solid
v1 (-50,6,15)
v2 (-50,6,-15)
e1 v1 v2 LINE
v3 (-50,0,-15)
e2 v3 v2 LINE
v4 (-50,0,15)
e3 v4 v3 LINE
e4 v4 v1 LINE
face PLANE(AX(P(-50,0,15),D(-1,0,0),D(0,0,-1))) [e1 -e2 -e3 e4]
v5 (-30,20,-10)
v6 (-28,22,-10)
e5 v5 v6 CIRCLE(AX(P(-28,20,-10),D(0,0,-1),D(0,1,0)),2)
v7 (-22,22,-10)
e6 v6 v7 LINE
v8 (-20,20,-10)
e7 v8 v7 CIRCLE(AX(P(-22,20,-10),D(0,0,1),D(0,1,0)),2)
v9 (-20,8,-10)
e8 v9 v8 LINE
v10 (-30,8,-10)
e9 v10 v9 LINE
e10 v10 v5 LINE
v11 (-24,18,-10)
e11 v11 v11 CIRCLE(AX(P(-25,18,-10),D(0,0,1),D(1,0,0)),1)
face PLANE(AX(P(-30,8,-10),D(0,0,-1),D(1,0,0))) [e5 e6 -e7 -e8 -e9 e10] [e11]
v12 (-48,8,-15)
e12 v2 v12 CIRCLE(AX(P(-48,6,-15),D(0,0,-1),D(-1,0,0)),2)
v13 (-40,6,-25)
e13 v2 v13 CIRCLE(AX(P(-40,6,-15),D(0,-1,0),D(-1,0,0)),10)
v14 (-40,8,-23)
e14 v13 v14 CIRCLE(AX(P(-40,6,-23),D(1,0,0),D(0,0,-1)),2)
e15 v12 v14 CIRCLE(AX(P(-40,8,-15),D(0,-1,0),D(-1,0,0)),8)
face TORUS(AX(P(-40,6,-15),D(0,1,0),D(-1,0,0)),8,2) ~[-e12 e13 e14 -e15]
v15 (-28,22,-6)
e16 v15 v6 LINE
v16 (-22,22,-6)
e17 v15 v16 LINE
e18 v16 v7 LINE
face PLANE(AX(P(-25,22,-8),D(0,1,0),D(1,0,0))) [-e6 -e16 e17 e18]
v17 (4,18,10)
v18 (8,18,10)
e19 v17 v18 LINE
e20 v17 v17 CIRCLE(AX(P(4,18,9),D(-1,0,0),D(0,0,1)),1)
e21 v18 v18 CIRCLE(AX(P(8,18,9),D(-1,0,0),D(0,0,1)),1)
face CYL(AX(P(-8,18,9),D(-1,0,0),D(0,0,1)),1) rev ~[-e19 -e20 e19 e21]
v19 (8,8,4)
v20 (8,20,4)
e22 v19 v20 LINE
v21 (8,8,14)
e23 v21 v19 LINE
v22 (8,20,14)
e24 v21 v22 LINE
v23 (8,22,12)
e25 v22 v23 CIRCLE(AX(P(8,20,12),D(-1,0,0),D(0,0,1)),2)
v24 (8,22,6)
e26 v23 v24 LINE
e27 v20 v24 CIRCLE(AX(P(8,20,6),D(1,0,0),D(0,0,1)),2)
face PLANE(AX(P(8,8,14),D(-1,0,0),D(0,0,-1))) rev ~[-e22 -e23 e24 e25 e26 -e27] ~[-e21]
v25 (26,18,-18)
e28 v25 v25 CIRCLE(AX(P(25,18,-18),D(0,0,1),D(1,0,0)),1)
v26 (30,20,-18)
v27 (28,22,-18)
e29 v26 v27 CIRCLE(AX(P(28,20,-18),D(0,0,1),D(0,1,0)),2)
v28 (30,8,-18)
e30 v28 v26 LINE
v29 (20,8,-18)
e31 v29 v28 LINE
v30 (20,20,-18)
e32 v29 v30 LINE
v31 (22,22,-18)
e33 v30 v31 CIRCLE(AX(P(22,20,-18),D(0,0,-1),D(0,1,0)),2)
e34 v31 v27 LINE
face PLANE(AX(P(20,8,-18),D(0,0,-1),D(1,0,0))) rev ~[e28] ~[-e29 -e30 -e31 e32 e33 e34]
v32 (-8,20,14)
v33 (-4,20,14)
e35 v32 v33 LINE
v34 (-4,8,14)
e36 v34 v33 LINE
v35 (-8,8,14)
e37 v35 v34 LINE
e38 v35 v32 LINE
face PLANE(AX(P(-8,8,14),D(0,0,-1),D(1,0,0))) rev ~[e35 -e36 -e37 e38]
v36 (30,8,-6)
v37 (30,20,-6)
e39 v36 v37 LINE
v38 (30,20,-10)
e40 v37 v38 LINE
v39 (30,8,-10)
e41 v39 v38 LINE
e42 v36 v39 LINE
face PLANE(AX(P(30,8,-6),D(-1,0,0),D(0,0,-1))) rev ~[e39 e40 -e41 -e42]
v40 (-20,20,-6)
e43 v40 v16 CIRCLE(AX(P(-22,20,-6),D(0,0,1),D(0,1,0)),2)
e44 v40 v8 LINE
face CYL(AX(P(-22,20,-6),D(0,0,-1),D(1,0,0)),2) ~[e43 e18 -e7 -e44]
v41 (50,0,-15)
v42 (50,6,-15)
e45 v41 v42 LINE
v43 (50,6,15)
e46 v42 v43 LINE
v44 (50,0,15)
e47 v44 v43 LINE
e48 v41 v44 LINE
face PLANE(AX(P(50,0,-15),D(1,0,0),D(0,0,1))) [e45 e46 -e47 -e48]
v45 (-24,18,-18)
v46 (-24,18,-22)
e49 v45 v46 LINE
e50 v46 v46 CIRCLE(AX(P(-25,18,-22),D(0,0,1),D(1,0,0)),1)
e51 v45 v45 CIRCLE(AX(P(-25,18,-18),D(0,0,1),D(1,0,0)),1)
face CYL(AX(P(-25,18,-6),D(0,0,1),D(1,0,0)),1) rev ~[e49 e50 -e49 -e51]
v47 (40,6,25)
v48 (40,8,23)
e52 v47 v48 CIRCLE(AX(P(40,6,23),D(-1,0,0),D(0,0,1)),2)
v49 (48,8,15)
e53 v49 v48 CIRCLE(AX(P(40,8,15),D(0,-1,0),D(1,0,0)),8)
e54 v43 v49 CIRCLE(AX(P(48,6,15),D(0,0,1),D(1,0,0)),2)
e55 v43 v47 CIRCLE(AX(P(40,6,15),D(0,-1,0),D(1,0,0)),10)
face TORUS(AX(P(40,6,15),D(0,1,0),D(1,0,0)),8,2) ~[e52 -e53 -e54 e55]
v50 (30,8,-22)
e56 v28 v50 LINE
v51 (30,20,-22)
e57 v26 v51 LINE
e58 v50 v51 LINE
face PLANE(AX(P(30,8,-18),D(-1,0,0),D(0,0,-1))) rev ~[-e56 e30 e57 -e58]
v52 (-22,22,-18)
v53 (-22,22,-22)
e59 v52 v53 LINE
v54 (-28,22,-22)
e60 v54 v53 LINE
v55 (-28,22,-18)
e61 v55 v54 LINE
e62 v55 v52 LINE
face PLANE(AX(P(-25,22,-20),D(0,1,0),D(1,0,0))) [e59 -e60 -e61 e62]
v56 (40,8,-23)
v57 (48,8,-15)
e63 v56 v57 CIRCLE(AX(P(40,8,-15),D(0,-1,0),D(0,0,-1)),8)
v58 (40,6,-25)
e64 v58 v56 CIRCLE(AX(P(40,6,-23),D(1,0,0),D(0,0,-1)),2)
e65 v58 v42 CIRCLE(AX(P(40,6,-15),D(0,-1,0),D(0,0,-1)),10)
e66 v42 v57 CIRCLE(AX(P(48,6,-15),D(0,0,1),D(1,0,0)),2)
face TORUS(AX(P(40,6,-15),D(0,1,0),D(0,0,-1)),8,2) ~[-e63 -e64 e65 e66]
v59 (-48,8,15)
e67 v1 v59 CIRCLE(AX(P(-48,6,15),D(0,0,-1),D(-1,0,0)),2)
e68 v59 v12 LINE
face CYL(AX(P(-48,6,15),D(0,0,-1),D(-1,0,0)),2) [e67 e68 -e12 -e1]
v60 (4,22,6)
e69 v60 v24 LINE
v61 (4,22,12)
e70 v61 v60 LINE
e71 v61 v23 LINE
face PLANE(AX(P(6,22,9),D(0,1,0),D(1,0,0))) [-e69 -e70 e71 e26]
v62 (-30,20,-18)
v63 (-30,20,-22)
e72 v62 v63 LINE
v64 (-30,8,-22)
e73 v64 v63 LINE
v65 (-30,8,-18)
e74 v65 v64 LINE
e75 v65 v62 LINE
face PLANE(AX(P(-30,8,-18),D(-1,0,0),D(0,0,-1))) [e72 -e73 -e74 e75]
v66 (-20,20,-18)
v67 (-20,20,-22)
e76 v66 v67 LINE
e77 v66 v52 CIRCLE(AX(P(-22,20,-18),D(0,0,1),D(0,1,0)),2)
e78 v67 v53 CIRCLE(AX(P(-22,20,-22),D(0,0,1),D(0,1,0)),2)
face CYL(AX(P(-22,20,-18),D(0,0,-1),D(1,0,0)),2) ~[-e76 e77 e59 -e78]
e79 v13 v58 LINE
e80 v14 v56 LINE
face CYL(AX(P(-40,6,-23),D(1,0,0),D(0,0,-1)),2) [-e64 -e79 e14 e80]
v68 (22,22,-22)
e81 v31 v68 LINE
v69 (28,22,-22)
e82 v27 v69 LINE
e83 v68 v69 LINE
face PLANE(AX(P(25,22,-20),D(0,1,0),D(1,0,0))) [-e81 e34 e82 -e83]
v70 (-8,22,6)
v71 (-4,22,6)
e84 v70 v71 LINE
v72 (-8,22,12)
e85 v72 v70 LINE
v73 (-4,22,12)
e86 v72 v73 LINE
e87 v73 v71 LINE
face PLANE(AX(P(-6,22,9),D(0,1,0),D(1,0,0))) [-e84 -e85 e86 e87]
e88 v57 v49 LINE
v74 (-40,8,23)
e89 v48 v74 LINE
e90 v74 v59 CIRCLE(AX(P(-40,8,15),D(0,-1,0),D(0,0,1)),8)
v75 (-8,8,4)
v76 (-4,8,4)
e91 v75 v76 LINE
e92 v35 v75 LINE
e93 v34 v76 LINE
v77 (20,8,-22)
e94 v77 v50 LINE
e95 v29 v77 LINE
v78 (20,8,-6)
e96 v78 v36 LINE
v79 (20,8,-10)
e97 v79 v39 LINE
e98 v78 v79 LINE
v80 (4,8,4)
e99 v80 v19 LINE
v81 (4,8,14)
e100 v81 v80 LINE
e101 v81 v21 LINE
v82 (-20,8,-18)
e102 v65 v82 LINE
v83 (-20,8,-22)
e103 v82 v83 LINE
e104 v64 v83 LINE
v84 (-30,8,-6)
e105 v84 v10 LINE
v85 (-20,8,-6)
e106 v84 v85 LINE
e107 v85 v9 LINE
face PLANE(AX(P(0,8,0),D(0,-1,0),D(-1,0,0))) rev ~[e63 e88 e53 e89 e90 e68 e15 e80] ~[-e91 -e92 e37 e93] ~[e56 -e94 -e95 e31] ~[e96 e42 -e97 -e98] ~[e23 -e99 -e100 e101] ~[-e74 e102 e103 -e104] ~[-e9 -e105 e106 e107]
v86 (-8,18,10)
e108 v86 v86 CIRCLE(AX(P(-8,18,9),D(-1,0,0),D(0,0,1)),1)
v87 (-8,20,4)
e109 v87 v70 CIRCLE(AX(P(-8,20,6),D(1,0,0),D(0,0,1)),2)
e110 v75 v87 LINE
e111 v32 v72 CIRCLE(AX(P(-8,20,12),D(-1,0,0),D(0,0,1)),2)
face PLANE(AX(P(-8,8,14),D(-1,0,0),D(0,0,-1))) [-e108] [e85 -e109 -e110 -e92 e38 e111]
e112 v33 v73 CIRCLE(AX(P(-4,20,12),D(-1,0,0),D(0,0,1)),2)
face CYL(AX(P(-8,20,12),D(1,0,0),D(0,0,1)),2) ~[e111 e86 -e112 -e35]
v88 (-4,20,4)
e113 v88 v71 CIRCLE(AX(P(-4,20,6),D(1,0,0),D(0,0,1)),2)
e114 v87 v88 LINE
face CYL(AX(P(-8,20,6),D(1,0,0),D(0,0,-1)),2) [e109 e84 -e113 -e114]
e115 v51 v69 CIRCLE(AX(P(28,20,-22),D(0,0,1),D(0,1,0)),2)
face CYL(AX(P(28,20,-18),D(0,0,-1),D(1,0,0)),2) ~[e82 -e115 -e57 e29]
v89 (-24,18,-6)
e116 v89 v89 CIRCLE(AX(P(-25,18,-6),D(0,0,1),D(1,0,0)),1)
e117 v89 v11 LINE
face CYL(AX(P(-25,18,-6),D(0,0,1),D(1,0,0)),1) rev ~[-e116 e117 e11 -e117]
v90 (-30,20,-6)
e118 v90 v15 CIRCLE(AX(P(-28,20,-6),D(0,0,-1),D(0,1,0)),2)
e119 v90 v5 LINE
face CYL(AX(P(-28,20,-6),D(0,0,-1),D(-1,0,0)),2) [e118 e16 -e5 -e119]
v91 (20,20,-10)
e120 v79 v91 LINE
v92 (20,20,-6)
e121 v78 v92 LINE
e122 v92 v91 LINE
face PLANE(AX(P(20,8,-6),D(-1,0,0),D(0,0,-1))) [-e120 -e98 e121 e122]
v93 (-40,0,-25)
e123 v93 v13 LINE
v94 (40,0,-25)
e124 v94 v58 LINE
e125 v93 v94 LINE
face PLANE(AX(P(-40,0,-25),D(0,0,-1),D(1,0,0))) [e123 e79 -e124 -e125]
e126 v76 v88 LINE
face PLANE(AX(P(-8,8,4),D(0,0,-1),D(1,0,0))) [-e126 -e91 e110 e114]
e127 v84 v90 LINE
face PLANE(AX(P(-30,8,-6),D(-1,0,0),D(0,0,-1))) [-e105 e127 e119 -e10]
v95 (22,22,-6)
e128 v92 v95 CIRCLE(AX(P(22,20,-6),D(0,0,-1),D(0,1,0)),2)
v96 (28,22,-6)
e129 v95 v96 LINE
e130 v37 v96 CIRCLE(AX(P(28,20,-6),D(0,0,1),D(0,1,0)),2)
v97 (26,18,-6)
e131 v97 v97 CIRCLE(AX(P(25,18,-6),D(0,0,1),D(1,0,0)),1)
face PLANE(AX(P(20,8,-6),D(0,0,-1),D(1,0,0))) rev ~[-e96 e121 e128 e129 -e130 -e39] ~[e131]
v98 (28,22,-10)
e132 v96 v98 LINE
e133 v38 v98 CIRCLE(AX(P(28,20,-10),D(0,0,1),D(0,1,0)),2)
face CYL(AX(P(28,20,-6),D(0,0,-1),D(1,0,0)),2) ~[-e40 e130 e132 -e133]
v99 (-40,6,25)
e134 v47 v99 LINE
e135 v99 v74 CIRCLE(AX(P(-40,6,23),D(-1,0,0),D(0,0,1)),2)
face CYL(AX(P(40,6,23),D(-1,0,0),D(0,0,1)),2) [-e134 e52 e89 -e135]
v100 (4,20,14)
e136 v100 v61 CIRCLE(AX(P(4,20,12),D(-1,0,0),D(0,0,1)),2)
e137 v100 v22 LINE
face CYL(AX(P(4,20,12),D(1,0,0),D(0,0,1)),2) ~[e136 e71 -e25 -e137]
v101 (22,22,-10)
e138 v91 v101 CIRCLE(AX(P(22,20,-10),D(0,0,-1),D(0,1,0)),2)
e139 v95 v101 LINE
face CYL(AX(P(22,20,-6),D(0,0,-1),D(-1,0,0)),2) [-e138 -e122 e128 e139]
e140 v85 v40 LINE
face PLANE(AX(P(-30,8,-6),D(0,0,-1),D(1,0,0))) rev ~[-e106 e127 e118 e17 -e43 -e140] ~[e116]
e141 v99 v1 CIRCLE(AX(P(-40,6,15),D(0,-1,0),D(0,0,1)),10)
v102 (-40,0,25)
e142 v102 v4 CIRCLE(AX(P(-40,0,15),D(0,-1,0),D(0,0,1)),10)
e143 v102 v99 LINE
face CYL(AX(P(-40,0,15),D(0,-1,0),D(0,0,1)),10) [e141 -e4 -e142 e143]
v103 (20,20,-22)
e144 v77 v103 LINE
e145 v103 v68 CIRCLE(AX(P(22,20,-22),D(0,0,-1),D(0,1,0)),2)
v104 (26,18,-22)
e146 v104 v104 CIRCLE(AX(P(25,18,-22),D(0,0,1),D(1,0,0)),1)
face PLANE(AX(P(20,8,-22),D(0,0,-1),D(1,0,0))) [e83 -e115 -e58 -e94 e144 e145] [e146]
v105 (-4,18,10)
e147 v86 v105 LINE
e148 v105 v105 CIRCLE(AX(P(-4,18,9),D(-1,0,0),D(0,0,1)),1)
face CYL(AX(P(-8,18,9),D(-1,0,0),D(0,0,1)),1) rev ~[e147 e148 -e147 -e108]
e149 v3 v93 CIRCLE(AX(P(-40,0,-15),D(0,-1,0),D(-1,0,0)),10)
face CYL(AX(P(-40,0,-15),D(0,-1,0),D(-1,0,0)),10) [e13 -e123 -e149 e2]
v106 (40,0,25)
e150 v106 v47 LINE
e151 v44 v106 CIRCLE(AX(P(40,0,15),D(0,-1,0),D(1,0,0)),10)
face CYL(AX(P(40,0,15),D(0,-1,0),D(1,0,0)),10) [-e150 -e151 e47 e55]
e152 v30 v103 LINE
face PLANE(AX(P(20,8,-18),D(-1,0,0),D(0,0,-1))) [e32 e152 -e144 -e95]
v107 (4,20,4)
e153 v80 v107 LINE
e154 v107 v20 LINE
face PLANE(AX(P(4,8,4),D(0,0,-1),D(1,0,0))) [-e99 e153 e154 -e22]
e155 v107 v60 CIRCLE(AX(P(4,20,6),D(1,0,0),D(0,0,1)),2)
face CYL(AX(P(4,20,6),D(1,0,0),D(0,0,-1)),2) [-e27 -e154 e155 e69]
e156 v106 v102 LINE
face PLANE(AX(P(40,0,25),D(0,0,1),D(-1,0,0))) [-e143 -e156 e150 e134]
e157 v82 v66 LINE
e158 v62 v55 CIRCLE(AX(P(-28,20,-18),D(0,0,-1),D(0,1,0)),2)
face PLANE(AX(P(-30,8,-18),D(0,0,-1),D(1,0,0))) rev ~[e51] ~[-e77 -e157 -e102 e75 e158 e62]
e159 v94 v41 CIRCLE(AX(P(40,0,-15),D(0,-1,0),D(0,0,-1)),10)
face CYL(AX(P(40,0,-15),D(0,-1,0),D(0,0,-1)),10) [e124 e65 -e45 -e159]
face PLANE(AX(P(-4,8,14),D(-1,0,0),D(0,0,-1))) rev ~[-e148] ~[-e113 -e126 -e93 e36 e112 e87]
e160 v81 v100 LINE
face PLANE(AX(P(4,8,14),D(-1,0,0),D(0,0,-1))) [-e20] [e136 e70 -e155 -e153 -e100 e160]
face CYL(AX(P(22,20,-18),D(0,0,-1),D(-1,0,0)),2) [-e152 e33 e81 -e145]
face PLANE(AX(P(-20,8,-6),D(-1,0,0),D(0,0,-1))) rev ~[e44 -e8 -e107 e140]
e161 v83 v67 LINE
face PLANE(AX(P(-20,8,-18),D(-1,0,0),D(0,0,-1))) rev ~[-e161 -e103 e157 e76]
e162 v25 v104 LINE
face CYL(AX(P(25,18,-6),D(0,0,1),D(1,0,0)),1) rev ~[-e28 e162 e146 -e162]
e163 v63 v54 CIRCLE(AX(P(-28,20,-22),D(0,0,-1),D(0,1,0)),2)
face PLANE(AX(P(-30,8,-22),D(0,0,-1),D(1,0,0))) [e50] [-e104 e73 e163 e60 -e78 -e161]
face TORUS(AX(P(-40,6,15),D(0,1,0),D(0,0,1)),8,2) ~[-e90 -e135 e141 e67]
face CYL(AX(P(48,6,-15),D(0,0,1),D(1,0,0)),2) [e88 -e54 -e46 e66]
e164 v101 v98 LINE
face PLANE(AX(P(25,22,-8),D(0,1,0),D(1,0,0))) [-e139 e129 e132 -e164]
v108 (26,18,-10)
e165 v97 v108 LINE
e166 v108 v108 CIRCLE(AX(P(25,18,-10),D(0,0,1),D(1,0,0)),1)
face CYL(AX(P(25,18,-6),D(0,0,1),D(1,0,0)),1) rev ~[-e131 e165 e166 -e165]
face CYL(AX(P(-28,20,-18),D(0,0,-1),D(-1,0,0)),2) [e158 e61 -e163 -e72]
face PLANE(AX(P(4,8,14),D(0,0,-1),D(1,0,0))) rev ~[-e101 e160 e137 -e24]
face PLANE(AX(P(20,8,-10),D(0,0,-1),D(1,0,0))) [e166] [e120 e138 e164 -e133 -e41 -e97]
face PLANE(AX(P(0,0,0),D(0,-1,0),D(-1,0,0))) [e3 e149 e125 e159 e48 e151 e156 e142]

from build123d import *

# Parameters (mm, degrees)
BOSS_EXTRUDE1_DEPTH = 8
SKETCH4_W           = 10
SKETCH4_H           = 4
SKETCH4_W_2         = 4
SKETCH4_H_2         = 10
BOSS_EXTRUDE2_DEPTH = 14
SKETCH5_R           = 1
CUT_EXTRUDE1_DEPTH  = 16
SKETCH6_R           = 1
CUT_EXTRUDE2_DEPTH  = 16
FILLET1_R           = 2


with BuildPart() as part:
    # Sketch3 → Boss-Extrude1 (new body)
    with BuildSketch(Plane(origin=(0, 0, 0), x_dir=(1, 0, 0), z_dir=(0, 1, 0))):
        with BuildLine():
            Line((-40, 25), (40, 25))
            ThreePointArc((40, 25), (47.071067812, 22.071067812), (50, 15))
            Line((50, 15), (50, -15))
            ThreePointArc((50, -15), (47.071067812, -22.071067812), (40, -25))
            Line((40, -25), (-40, -25))
            ThreePointArc((-40, -25), (-47.071067812, -22.071067812), (-50, -15))
            Line((-50, -15), (-50, 15))
            ThreePointArc((-50, 15), (-47.071067812, 22.071067812), (-40, 25))
        make_face()
    extrude(amount=BOSS_EXTRUDE1_DEPTH)

    # Sketch4 → Boss-Extrude2 (add)
    with BuildSketch(Plane(origin=(0, 8, 0), x_dir=(1, 0, 0), z_dir=(0, 1, 0))):
        with Locations((-25, 20)):
            Rectangle(SKETCH4_W, SKETCH4_H)
        with Locations((-25, 8)):
            Rectangle(SKETCH4_W, SKETCH4_H)
        with Locations((-6, -9)):
            Rectangle(SKETCH4_W_2, SKETCH4_H_2)
        with Locations((6, -9)):
            Rectangle(SKETCH4_W_2, SKETCH4_H_2)
        with Locations((25, 8)):
            Rectangle(SKETCH4_W, SKETCH4_H)
        with Locations((25, 20)):
            Rectangle(SKETCH4_W, SKETCH4_H)
    extrude(amount=BOSS_EXTRUDE2_DEPTH)

    # Sketch5 → Cut-Extrude1 (cut)
    with BuildSketch(Plane.XY.offset(-6)):
        with Locations((-25, 18)):
            Circle(SKETCH5_R)
        with Locations((25, 18)):
            Circle(SKETCH5_R)
    extrude(amount=-CUT_EXTRUDE1_DEPTH, mode=Mode.SUBTRACT)

    # Sketch6 → Cut-Extrude2 (cut)
    with BuildSketch(Plane.ZY.offset(8)):
        with Locations((9, 18)):
            Circle(SKETCH6_R)
    extrude(amount=-CUT_EXTRUDE2_DEPTH, mode=Mode.SUBTRACT)

    # Fillet1
    fillet1_edges = [part.edges().sort_by_distance(p)[0] for p in [
        (47.071067812, 8, -22.071067812),
        (0, 8, -25),
        (-47.071067812, 8, -22.071067812),
        (-50, 8, 0),
        (-30, 22, -20),
        (-47.071067812, 8, 22.071067812),
        (-20, 22, -20),
        (0, 8, 25),
        (-30, 22, -8),
        (-20, 22, -8),
        (47.071067812, 8, 22.071067812),
        (-6, 22, 14),
        (-6, 22, 4),
        (6, 22, 4),
        (6, 22, 14),
        (30, 22, -8),
        (20, 22, -8),
        (30, 22, -20),
        (20, 22, -20),
        (50, 8, 0),
    ]]
    fillet(fillet1_edges, radius=FILLET1_R)


solid = part.part
